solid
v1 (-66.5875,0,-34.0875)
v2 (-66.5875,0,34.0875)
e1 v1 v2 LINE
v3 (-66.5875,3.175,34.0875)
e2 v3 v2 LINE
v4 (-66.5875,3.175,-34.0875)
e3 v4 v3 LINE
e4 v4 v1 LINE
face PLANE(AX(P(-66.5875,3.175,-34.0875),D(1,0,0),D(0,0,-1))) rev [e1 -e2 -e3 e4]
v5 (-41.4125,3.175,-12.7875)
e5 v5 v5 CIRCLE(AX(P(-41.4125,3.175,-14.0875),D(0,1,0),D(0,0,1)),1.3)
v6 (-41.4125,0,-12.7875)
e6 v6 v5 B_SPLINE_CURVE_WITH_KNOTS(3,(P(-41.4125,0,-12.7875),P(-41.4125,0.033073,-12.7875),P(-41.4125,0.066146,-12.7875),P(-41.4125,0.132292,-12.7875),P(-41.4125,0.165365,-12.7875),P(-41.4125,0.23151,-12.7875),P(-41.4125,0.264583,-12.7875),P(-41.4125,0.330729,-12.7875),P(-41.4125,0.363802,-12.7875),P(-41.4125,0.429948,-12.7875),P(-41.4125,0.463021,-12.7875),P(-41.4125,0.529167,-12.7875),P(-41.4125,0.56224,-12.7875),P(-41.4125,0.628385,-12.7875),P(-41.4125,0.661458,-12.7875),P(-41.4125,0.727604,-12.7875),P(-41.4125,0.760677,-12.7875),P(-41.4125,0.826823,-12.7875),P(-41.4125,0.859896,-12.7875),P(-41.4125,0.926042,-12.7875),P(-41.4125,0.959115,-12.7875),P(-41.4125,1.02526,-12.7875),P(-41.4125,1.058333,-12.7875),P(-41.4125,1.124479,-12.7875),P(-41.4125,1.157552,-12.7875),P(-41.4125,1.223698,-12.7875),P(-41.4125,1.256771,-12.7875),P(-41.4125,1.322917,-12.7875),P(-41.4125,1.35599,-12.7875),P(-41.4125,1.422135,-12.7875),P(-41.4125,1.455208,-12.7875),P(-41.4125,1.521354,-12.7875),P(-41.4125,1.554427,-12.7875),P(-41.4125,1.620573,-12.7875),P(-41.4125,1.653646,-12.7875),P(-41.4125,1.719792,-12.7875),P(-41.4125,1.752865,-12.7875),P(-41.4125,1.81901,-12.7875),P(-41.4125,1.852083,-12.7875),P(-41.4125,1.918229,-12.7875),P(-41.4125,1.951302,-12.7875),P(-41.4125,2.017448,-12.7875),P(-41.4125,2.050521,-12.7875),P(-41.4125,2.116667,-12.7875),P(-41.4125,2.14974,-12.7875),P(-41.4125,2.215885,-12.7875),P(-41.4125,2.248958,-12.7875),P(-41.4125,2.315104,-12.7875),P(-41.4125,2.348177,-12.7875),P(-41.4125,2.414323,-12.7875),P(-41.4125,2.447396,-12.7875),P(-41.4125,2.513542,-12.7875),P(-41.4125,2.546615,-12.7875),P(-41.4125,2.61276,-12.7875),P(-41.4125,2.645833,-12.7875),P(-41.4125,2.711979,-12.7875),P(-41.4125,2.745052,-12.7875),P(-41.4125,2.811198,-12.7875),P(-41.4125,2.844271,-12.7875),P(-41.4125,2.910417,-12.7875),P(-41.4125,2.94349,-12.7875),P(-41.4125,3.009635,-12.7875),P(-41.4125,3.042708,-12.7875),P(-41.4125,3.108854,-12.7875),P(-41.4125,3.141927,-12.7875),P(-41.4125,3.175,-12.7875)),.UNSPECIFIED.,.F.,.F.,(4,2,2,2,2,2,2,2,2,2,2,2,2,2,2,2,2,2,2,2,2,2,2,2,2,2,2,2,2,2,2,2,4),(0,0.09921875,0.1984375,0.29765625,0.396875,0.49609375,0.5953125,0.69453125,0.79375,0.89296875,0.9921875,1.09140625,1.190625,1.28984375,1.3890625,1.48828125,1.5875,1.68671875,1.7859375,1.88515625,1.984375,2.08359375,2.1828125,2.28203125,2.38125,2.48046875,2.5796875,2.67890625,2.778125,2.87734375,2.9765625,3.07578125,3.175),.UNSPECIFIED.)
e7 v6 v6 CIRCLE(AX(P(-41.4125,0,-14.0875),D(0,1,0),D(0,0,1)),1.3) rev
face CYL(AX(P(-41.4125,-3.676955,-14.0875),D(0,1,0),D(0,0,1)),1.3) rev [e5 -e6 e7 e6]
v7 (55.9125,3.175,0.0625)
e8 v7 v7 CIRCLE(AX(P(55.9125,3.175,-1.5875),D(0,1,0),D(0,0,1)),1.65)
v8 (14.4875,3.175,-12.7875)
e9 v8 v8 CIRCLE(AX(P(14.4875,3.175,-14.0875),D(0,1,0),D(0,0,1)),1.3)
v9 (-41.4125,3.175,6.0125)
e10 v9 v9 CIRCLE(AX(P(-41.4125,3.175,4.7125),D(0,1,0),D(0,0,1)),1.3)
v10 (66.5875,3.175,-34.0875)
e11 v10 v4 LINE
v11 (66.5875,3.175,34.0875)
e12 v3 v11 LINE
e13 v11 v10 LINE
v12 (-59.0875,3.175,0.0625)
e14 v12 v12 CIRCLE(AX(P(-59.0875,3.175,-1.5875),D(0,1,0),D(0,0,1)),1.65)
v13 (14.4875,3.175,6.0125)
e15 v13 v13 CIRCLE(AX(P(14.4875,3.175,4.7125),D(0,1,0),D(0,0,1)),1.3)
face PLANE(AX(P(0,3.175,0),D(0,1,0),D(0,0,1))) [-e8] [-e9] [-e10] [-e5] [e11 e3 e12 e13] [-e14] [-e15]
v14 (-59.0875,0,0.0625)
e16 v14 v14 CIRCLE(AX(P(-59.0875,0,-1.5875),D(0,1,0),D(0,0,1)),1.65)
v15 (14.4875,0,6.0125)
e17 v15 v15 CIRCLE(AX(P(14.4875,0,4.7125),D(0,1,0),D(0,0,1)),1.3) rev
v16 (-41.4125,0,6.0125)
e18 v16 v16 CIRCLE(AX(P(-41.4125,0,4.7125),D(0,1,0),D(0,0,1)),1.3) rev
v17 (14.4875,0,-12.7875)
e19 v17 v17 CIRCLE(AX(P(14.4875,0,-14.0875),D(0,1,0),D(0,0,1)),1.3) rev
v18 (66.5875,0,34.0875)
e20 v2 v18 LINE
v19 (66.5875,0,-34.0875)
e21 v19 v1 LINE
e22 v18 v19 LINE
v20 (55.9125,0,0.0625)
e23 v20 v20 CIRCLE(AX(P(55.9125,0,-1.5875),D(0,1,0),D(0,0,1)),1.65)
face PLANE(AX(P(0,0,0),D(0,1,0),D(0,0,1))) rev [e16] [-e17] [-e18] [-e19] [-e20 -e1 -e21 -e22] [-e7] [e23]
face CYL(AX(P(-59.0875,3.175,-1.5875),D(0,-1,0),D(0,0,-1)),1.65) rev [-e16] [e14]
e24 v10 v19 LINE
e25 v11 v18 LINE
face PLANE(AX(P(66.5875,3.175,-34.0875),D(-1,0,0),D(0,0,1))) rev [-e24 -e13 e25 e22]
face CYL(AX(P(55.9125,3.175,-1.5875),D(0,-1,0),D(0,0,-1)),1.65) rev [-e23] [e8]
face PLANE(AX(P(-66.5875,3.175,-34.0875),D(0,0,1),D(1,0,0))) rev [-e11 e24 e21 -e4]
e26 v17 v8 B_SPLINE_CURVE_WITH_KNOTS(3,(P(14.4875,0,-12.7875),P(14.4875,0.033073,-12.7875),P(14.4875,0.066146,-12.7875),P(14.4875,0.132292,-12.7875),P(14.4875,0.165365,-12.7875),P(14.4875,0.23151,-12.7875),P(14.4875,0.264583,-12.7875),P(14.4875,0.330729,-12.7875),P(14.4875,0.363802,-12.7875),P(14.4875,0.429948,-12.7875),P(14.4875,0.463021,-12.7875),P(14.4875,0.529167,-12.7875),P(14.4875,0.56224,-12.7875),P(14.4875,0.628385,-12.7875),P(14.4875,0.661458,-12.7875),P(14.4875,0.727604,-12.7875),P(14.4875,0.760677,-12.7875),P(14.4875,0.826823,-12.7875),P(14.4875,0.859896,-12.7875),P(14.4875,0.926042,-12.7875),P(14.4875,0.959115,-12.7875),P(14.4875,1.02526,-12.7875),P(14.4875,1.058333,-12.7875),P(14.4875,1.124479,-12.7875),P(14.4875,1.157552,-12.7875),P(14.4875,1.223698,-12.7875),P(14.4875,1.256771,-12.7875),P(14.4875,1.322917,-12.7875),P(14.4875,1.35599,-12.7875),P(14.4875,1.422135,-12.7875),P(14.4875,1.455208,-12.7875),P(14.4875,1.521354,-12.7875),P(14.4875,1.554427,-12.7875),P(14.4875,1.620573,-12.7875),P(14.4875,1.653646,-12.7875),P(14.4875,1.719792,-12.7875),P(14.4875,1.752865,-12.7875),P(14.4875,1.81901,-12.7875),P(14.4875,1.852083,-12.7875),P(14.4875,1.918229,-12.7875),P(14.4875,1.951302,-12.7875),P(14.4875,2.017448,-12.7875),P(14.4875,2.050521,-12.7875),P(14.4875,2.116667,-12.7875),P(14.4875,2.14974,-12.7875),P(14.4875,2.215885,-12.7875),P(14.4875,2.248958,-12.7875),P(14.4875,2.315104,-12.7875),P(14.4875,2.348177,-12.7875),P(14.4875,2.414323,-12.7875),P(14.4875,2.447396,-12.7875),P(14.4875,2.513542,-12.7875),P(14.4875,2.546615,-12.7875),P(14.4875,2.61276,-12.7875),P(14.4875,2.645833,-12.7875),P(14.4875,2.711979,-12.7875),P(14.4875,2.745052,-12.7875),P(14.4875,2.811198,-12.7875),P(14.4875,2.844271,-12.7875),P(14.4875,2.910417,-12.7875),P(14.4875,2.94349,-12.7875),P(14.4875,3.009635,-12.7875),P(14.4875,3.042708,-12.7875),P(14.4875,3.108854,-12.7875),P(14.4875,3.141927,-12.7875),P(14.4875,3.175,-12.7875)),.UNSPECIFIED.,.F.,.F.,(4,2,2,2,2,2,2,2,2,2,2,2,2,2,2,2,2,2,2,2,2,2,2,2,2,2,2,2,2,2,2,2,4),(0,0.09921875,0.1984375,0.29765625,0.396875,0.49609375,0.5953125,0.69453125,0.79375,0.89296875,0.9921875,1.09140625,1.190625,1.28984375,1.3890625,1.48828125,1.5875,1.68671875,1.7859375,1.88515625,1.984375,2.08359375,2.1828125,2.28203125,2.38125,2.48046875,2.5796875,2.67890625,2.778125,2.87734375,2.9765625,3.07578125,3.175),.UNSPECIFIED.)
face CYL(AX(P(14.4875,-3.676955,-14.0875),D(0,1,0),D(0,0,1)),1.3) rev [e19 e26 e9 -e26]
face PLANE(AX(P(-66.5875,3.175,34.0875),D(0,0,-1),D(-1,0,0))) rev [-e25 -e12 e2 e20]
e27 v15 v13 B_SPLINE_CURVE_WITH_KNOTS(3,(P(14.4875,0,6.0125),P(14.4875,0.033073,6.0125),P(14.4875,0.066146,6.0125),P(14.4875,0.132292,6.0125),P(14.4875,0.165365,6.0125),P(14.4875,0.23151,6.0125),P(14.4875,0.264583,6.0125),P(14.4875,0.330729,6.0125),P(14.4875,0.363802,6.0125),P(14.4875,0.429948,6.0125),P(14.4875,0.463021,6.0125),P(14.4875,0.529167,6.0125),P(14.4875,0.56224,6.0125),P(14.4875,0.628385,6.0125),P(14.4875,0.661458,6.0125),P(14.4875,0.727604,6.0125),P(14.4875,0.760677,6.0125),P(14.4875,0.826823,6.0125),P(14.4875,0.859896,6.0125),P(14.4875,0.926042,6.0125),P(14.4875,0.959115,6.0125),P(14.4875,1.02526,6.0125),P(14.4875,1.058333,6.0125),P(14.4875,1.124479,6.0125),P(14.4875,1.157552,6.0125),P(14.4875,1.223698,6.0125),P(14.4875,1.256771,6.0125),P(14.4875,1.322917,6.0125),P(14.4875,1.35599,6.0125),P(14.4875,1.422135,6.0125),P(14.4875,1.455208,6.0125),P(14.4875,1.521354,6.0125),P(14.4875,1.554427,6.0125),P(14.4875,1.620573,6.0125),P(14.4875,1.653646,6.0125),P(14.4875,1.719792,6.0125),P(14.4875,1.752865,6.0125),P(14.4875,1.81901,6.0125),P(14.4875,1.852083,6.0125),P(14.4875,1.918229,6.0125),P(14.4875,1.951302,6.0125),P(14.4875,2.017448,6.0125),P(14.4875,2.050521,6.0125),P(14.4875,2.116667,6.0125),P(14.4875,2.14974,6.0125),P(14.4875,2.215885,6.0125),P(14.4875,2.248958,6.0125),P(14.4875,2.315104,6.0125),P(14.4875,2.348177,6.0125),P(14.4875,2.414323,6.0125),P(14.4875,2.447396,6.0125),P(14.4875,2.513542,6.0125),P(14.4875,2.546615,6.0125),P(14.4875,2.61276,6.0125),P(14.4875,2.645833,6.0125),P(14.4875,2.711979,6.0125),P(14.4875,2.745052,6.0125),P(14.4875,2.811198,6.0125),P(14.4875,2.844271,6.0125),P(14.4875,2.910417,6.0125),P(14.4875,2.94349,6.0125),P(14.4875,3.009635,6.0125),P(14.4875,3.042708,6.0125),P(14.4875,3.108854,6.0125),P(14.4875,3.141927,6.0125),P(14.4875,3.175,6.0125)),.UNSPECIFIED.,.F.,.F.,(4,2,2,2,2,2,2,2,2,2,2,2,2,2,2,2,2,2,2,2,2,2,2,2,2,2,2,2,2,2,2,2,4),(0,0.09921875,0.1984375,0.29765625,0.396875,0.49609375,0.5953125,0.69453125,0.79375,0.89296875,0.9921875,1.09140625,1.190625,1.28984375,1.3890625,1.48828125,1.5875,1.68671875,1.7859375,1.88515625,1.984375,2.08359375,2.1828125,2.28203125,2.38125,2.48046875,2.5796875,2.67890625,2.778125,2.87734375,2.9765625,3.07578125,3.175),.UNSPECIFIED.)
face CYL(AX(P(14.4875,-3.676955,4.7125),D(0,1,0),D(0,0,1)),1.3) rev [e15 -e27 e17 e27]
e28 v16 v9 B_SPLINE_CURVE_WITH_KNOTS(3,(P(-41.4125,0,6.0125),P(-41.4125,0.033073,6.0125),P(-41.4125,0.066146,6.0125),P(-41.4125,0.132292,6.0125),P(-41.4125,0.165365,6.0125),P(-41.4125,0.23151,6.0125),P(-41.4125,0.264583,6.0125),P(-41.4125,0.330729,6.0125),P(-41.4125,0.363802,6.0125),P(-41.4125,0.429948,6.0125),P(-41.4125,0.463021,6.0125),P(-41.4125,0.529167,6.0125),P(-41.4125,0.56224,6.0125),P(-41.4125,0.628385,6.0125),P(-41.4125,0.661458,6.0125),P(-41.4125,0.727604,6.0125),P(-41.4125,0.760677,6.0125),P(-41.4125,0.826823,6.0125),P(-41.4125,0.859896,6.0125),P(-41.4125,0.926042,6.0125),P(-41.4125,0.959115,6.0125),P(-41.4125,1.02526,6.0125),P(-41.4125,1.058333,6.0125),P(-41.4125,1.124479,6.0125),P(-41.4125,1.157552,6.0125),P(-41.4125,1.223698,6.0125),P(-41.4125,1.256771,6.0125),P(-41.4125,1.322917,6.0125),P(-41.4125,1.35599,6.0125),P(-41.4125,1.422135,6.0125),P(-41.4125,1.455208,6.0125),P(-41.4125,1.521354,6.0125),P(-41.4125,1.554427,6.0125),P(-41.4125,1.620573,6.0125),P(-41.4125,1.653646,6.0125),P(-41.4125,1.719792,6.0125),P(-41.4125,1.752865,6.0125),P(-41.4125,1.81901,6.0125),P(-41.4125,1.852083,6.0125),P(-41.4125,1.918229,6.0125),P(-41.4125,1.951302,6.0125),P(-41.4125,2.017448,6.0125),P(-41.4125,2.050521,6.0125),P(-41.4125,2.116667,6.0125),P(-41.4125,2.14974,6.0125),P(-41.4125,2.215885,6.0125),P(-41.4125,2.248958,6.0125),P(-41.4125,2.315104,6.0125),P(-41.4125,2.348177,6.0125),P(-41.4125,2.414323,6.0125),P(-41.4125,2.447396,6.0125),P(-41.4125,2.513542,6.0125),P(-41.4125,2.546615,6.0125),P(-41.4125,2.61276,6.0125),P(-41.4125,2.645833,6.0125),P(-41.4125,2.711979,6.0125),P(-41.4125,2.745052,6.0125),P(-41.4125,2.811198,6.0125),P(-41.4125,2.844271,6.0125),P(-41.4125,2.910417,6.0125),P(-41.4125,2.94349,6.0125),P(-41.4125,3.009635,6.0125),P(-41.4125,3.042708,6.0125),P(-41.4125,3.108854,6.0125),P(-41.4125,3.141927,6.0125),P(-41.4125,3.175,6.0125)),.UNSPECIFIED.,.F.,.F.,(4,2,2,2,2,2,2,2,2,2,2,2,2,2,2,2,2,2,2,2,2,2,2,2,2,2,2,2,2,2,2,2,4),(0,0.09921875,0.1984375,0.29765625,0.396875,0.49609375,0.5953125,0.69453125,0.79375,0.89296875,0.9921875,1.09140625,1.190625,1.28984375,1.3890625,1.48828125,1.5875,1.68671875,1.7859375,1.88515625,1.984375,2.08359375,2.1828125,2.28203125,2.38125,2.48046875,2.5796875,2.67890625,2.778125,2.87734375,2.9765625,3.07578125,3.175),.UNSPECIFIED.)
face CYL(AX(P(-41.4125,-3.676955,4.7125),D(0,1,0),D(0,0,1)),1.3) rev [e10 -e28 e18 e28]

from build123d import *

# Parameters (mm, degrees)
SKETCH1_W           = 133.175
SKETCH1_H           = 68.175
SKETCH1_R           = 1.65
BOSS_EXTRUDE1_DEPTH = 3.175
SKETCH2_R           = 1.3
CUT_EXTRUDE1_DEPTH  = 3.175


with BuildPart() as part:
    # Sketch1 → Boss-Extrude1 (new body)
    with BuildSketch(Plane(origin=(0, 0, 0), x_dir=(1, 0, 0), z_dir=(0, 1, 0))):
        Rectangle(SKETCH1_W, SKETCH1_H)
        with Locations(Location((-59.0875, 1.5875, 0), (0, 0, 270))):
            Circle(SKETCH1_R, mode=Mode.SUBTRACT)
        with Locations(Location((55.9125, 1.5875, 0), (0, 0, 270))):
            Circle(SKETCH1_R, mode=Mode.SUBTRACT)
    extrude(amount=BOSS_EXTRUDE1_DEPTH)

    # Sketch2 → Cut-Extrude1 (cut)
    with BuildSketch(Plane(origin=(0, 3.175, 0), x_dir=(1, 0, 0), z_dir=(0, 1, 0))):
        with Locations(Location((14.4875, -4.7125, 0), (0, 0, 270))):
            Circle(SKETCH2_R)
        with Locations(Location((-41.4125, -4.7125, 0), (0, 0, 270))):
            Circle(SKETCH2_R)
        with Locations(Location((-41.4125, 14.0875, 0), (0, 0, 270))):
            Circle(SKETCH2_R)
        with Locations(Location((14.4875, 14.0875, 0), (0, 0, 270))):
            Circle(SKETCH2_R)
    extrude(amount=-CUT_EXTRUDE1_DEPTH, mode=Mode.SUBTRACT)


solid = part.part
